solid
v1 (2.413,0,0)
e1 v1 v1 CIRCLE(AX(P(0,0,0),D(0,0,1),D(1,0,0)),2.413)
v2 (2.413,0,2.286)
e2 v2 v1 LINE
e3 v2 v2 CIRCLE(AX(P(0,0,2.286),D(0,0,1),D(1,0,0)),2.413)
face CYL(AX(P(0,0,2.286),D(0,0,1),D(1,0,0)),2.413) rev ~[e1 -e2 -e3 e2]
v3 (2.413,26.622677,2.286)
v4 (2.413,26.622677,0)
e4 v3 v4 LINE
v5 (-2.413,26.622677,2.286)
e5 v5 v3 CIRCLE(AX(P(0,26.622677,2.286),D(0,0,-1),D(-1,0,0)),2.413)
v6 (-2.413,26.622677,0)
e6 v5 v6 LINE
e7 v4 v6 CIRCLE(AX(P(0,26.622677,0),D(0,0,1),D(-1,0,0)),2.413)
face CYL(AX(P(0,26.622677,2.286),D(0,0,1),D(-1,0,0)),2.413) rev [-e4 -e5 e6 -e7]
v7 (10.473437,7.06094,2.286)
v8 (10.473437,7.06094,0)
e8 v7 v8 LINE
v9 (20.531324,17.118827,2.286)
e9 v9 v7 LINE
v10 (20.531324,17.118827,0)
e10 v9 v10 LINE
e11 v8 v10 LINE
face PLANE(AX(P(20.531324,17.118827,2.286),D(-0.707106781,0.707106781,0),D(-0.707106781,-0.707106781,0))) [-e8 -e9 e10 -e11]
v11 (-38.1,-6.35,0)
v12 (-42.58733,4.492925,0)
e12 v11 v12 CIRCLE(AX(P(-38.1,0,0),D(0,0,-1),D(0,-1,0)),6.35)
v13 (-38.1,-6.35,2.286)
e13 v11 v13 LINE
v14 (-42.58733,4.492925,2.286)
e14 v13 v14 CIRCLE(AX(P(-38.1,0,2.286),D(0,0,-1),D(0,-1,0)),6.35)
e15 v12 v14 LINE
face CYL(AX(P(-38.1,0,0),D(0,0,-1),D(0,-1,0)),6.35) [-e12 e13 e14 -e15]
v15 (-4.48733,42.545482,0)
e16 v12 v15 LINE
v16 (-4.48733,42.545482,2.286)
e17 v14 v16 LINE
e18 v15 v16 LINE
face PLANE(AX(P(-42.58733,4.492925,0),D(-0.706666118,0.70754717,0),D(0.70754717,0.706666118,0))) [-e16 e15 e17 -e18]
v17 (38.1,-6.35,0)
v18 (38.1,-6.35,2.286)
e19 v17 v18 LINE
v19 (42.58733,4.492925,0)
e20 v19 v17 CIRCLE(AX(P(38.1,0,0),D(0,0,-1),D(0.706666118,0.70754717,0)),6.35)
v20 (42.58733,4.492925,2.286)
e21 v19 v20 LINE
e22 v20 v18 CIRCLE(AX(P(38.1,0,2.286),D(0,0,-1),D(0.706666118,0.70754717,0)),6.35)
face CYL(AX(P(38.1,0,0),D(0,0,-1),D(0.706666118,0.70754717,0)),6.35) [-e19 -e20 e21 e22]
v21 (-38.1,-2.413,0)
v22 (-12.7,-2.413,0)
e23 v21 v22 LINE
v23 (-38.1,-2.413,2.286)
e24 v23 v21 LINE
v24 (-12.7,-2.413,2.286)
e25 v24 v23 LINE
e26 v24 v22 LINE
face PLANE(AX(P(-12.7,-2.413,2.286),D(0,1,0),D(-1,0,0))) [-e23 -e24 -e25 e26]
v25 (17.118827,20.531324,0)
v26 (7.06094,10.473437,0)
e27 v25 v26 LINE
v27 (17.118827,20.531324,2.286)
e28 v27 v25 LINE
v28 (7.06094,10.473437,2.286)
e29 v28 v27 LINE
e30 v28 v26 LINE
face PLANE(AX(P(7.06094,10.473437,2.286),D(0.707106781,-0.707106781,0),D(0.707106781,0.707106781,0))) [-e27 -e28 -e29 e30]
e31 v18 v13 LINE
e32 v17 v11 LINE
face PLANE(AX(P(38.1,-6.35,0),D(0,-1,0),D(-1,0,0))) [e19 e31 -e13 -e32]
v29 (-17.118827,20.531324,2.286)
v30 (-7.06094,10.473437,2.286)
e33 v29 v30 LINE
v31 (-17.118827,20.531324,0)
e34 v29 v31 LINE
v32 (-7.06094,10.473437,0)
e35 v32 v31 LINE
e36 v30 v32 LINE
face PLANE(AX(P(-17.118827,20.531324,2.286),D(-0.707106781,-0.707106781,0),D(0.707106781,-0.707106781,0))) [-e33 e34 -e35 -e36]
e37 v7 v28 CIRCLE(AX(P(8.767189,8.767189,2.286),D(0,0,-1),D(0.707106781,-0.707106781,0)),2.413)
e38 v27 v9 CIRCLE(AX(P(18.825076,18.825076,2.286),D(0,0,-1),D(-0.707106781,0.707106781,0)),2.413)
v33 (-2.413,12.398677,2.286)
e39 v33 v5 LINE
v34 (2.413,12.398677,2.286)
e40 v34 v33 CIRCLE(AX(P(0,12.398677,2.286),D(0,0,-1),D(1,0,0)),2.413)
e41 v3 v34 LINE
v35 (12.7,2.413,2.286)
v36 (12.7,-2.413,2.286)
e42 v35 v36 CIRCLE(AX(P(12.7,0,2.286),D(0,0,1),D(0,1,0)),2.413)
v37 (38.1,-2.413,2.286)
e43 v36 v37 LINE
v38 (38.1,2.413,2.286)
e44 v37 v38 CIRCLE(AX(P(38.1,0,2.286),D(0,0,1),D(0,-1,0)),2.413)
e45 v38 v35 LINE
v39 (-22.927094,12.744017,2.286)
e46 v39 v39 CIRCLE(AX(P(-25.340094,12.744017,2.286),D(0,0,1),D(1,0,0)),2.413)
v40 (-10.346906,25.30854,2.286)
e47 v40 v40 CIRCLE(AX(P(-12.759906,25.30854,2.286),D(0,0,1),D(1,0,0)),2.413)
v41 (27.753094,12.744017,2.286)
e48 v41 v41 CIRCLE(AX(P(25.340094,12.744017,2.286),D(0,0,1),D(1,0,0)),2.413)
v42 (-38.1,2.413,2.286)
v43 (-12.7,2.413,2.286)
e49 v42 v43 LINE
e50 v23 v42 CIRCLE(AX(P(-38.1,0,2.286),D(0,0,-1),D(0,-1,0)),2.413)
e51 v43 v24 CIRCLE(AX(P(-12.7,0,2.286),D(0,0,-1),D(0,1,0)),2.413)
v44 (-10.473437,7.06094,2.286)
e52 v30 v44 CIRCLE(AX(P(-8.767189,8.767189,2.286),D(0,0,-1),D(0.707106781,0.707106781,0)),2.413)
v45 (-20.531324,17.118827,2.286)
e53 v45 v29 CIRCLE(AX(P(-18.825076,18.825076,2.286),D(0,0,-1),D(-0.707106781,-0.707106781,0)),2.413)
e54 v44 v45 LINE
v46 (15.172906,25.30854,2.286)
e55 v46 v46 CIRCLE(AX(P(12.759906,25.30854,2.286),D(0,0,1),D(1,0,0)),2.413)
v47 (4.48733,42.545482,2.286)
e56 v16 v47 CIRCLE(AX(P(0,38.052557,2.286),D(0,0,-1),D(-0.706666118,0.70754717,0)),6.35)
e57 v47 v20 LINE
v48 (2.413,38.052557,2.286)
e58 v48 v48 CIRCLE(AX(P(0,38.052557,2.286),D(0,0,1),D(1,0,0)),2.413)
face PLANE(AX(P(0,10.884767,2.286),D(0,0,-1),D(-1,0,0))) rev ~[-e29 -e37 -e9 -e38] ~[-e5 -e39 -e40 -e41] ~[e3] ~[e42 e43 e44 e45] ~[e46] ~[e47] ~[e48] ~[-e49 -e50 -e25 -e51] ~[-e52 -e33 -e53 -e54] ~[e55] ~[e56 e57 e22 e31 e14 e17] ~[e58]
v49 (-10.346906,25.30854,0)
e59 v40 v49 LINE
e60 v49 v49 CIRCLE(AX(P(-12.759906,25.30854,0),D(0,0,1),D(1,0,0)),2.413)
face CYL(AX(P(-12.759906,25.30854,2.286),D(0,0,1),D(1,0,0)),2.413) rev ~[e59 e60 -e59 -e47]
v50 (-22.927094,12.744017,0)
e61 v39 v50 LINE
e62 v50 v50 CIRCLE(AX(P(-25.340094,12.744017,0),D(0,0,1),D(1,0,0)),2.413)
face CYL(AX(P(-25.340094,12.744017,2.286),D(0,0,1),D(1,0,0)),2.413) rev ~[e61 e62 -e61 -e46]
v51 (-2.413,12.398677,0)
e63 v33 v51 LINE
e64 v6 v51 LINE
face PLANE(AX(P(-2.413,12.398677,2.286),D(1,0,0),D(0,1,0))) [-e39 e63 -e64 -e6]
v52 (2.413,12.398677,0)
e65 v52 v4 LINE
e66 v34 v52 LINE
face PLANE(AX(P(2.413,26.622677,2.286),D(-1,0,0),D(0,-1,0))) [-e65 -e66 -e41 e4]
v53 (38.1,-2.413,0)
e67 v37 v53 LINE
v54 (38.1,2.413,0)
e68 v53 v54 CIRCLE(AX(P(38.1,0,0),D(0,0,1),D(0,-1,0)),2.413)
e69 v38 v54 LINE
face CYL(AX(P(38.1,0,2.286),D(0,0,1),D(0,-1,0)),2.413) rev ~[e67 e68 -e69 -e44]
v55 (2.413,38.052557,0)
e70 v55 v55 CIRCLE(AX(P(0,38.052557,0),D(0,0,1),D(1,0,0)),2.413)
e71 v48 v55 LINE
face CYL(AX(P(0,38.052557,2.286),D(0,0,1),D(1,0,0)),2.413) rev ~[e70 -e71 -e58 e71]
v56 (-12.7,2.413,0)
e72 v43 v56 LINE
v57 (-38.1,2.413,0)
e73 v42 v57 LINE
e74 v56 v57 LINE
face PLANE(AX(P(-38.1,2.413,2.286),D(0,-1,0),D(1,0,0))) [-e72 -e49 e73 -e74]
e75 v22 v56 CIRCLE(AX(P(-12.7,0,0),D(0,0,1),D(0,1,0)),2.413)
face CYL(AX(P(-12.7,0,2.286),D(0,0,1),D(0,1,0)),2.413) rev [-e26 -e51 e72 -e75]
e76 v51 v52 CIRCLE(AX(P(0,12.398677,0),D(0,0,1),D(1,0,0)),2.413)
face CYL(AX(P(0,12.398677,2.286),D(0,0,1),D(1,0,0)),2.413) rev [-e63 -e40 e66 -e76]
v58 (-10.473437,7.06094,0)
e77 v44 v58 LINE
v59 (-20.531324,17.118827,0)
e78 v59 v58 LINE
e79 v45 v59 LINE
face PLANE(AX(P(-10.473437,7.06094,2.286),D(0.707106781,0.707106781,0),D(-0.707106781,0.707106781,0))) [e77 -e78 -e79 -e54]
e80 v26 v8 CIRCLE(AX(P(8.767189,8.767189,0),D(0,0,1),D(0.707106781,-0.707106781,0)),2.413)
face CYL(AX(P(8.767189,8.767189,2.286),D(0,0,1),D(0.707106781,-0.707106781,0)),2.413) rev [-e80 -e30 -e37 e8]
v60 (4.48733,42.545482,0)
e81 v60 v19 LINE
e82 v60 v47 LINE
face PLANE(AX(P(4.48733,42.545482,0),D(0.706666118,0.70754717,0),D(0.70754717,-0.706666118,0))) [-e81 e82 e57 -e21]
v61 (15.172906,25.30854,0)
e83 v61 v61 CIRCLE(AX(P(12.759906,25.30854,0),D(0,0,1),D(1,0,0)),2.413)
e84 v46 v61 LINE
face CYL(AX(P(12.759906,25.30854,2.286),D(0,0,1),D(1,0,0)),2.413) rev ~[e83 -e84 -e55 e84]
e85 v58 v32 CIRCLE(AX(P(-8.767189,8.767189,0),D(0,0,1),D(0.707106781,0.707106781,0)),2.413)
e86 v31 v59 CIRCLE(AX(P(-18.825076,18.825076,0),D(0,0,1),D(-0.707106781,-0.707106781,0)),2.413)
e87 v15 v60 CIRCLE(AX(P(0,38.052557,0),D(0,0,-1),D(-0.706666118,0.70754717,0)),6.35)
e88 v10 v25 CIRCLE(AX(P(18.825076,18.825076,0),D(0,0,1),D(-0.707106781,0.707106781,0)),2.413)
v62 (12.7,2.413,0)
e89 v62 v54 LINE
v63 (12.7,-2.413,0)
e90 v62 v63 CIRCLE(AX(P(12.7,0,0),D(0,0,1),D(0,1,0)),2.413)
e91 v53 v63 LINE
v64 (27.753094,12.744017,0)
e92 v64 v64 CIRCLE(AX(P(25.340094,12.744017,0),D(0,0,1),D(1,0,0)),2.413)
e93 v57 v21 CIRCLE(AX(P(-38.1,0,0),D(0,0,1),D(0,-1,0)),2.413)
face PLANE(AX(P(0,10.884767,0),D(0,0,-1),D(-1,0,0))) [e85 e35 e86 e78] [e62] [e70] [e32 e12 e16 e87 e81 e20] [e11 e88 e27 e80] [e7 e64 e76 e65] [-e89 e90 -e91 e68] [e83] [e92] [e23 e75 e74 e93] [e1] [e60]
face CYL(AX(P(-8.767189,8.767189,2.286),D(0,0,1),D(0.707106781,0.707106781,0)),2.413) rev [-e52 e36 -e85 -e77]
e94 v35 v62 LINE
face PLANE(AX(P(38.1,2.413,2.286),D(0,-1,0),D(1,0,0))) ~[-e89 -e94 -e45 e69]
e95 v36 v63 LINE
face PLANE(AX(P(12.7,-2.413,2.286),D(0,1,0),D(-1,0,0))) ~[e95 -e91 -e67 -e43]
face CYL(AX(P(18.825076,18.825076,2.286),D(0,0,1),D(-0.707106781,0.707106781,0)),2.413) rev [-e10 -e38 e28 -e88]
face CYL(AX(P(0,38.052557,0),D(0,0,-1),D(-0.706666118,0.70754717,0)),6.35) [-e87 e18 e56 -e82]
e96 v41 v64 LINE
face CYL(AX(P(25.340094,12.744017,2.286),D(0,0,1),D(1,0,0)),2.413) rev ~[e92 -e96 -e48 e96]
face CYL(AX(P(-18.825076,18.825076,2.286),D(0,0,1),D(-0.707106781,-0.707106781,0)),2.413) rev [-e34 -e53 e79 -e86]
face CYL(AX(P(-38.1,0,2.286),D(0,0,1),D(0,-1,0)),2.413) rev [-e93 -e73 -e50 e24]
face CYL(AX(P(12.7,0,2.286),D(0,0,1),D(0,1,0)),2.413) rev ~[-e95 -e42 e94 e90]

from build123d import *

# Parameters (mm, degrees)
BOSS_EXTRUDE1_DEPTH = 2.286
SKETCH2_R           = 2.413
CUT_EXTRUDE1_DEPTH  = 3.286
CUT_EXTRUDE2_DEPTH  = 3.286
CUT_EXTRUDE3_DEPTH  = 3.286
CIRPATTERN1_COUNT   = 3
CIRPATTERN1_ANGLE   = 90


with BuildPart() as part:
    # Sketch1 → Boss-Extrude1 (new body)
    with BuildSketch(Plane.XY):
        with BuildLine():
            Line((-42.58732985, 4.492924528), (-4.48732985, 42.545481657))
            ThreePointArc((-4.48732985, 42.545481657), (0, 44.402557128), (4.48732985, 42.545481657))
            Line((4.48732985, 42.545481657), (42.58732985, 4.492924528))
            ThreePointArc((42.58732985, 4.492924528), (43.967391701, -2.428212228), (38.1, -6.35))
            Line((38.1, -6.35), (-38.1, -6.35))
            ThreePointArc((-38.1, -6.35), (-43.967391701, -2.428212228), (-42.58732985, 4.492924528))
        make_face()
    extrude(amount=BOSS_EXTRUDE1_DEPTH)

    # Sketch2 → Cut-Extrude1 (cut, through all)
    with BuildSketch(Plane.XY.offset(2.286)):
        Circle(SKETCH2_R)
        with Locations((0, 38.052557128)):
            Circle(SKETCH2_R)
        with Locations((-25.34009434, 12.744016774)):
            Circle(SKETCH2_R)
        with Locations((25.34009434, 12.744016774)):
            Circle(SKETCH2_R)
        with Locations((-12.75990566, 25.308540354)):
            Circle(SKETCH2_R)
        with Locations((12.75990566, 25.308540354)):
            Circle(SKETCH2_R)
    extrude(amount=-CUT_EXTRUDE1_DEPTH, mode=Mode.SUBTRACT)

    # Sketch3 → Cut-Extrude2 (cut, through all)
    with BuildSketch(Plane.XY.offset(2.286)):
        with BuildLine():
            Line((-38.1, 2.413), (-12.7, 2.413))
            ThreePointArc((-12.7, 2.413), (-10.287, 0), (-12.7, -2.413))
            Line((-12.7, -2.413), (-38.1, -2.413))
            ThreePointArc((-38.1, -2.413), (-40.513, 0), (-38.1, 2.413))
        make_face()
    cut_extrude2 = extrude(amount=-CUT_EXTRUDE2_DEPTH, mode=Mode.SUBTRACT)

    # Mirror1: Cut-Extrude2 across plane
    add(cut_extrude2.mirror(Plane(origin=(0, 0, 0), x_dir=(0, 0, 1), z_dir=(1, 0, 0))), mode=Mode.SUBTRACT)

    # Sketch4 → Cut-Extrude3 (cut, through all)
    with BuildSketch(Plane.XY.offset(2.286)):
        with BuildLine():
            Line((-17.118826926, 20.531324252), (-7.06094007, 10.473437396))
            ThreePointArc((-7.06094007, 10.473437396), (-7.06094007, 7.06094007), (-10.473437396, 7.06094007))
            Line((-10.473437396, 7.06094007), (-20.531324252, 17.118826926))
            ThreePointArc((-20.531324252, 17.118826926), (-20.531324252, 20.531324252), (-17.118826926, 20.531324252))
        make_face()
    cut_extrude3 = extrude(amount=-CUT_EXTRUDE3_DEPTH, mode=Mode.SUBTRACT)

    # CirPattern1: Cut-Extrude3 ×3 about axis
    cirpattern1_axis = Axis((0, 0, 0), (0, 0, -1))
    for i in range(1, CIRPATTERN1_COUNT):
        add(cut_extrude3.rotate(cirpattern1_axis, i * CIRPATTERN1_ANGLE / (CIRPATTERN1_COUNT - 1)), mode=Mode.SUBTRACT)


solid = part.part
